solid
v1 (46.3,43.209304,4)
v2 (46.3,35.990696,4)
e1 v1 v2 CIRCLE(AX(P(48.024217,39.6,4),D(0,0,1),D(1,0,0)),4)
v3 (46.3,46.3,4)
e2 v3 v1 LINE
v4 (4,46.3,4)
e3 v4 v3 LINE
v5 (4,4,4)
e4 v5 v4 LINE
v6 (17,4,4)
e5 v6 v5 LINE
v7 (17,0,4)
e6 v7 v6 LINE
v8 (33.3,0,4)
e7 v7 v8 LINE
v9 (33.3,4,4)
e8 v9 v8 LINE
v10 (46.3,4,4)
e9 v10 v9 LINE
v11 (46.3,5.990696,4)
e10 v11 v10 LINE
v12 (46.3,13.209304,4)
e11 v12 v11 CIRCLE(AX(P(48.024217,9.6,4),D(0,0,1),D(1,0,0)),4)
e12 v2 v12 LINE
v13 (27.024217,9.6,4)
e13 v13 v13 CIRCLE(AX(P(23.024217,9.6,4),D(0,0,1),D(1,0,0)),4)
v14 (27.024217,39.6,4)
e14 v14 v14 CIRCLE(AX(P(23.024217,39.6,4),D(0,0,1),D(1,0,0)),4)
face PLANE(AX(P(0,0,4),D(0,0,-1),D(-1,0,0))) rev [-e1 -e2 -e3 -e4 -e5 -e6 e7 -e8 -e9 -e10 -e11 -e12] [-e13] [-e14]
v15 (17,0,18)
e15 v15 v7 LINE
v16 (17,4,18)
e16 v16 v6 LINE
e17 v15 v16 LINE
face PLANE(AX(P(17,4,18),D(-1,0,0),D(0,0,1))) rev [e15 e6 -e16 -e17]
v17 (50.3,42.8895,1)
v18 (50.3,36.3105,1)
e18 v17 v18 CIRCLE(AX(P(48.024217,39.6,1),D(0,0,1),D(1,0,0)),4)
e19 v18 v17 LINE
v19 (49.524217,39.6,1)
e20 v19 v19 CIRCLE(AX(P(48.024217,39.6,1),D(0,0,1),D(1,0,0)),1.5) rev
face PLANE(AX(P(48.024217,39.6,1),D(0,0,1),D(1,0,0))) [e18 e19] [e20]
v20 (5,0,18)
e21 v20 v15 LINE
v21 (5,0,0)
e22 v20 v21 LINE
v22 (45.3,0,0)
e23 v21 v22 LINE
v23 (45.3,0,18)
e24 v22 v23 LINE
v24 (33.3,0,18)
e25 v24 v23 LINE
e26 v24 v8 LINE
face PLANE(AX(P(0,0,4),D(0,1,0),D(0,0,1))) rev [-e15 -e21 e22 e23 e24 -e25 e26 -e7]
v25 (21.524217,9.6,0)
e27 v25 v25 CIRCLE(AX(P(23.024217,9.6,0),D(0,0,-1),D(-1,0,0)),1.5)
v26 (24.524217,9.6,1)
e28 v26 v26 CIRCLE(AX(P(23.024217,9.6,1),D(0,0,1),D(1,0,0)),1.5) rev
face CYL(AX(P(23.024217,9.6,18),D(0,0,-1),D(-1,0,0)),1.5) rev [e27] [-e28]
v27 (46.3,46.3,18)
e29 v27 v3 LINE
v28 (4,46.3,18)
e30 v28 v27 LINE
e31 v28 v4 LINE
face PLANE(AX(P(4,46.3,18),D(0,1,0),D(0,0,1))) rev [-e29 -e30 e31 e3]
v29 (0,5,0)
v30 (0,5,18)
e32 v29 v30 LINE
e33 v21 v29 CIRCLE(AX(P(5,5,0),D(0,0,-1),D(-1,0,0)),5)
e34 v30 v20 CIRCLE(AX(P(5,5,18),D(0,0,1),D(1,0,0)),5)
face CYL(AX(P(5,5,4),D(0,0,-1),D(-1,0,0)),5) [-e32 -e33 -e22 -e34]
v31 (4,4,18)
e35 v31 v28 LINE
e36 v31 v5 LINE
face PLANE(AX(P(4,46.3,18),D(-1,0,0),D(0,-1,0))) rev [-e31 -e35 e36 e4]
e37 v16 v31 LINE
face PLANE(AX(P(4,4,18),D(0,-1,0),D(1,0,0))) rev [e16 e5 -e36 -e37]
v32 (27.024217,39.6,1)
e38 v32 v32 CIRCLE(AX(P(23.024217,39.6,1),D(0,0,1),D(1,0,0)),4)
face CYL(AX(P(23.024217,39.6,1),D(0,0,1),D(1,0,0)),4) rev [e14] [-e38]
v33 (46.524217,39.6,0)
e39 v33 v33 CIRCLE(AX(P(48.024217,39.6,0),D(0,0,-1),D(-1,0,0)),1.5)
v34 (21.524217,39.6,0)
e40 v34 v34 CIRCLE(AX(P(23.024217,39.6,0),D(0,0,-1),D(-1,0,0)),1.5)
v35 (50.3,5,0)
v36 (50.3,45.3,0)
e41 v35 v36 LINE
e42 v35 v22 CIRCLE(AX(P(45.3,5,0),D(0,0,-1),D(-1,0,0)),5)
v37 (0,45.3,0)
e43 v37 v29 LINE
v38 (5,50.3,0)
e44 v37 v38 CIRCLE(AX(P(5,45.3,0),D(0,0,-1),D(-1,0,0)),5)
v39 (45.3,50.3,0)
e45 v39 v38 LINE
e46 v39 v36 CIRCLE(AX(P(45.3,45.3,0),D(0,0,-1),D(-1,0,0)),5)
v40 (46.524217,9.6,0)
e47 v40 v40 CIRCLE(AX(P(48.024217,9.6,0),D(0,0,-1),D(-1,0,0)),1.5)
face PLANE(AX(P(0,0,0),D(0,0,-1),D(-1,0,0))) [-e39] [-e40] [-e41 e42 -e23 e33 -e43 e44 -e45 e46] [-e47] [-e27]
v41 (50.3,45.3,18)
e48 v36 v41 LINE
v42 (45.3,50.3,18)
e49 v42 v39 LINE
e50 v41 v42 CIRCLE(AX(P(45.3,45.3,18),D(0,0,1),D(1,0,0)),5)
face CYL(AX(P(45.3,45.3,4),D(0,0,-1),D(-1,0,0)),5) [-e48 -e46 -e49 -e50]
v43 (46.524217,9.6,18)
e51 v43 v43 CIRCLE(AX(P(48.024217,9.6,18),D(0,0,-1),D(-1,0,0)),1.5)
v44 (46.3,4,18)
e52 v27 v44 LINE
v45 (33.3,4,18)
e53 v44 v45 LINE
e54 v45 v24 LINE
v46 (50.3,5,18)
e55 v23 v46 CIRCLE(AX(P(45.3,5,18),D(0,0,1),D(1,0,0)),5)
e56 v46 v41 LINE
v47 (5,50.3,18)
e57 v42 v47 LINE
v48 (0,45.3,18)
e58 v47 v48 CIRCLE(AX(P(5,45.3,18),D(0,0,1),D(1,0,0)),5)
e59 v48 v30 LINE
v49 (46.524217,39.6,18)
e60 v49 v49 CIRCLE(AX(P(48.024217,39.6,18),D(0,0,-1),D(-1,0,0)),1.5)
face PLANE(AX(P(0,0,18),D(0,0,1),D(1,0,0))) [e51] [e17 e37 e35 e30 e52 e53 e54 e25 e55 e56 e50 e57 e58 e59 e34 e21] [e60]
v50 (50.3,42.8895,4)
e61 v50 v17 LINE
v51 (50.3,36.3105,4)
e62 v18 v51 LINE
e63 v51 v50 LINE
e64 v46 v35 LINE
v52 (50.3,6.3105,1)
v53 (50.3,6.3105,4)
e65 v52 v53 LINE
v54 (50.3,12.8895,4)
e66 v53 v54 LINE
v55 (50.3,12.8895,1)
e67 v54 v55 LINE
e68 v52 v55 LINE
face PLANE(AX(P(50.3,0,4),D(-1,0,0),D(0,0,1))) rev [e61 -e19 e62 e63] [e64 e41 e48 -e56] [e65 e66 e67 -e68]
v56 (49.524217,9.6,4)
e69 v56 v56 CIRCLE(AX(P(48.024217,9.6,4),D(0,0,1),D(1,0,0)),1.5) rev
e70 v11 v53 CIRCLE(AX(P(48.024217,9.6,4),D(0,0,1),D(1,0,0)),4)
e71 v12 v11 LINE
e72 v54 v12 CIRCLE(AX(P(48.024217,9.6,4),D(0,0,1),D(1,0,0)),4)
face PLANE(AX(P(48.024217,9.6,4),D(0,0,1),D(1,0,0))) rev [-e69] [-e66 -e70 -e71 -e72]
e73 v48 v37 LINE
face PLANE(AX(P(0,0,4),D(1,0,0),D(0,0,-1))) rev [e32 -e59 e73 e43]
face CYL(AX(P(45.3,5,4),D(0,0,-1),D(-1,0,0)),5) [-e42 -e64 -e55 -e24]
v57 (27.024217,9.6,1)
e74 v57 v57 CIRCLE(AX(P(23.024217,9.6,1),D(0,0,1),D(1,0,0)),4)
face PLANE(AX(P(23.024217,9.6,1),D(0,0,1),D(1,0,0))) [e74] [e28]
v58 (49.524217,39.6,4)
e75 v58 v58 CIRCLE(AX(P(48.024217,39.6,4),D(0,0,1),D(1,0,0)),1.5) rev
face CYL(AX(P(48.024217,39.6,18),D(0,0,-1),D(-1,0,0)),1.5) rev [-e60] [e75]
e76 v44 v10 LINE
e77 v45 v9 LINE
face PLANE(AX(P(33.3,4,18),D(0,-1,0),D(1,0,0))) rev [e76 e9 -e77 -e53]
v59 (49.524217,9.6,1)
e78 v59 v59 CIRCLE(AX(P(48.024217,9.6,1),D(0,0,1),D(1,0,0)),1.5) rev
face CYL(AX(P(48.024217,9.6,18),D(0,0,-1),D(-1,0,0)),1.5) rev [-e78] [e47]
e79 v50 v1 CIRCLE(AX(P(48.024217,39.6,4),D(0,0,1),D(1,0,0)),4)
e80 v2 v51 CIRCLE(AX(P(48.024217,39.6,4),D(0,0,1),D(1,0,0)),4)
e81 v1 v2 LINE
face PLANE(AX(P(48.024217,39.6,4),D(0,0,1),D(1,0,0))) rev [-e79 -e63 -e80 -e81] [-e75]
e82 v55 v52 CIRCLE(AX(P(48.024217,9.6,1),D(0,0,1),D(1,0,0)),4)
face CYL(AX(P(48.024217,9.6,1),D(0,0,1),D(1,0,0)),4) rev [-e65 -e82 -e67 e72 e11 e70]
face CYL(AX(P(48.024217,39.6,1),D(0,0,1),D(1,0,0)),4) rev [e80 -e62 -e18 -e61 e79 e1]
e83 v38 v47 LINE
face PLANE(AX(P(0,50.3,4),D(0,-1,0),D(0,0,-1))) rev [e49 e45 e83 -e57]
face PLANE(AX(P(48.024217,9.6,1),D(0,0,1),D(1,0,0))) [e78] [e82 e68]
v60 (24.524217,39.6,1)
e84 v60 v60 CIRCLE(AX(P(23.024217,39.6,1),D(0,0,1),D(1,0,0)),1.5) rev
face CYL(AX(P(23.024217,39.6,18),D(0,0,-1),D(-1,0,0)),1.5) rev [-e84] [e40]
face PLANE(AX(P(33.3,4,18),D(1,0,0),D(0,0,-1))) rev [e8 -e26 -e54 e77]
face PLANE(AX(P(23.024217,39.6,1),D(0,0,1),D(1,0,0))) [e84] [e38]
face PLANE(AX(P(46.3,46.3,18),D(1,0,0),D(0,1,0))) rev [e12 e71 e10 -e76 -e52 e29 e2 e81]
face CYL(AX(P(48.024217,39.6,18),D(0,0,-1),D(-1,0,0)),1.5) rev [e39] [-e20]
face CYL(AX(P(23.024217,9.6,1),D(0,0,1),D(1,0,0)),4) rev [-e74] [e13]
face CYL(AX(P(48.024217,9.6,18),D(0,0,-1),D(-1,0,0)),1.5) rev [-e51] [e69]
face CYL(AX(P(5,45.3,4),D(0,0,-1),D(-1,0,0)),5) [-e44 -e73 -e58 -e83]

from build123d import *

# Parameters (mm, degrees)
ESQUISSE1_W             = 50.3
ESQUISSE1_H             = 50.3
BOSS_EXTRU_1_DEPTH      = 4
BOSS_EXTRU_2_DEPTH      = 14
ESQUISSE3_R             = 1.5
ENL_V_MAT_EXTRU_1_DEPTH = 74.376971864
CONG_2_R                = 5
ESQUISSE4_R             = 4
ENL_V_MAT_EXTRU_2_DEPTH = 3
CONG_6_R                = 5


with BuildPart() as part:
    # Esquisse1 → Boss.-Extru.1 (new body)
    with BuildSketch(Plane.XY):
        with Locations((25.15, 25.15)):
            Rectangle(ESQUISSE1_W, ESQUISSE1_H)
    extrude(amount=BOSS_EXTRU_1_DEPTH)

    # Esquisse2 → Boss.-Extru.2 (add)
    with BuildSketch(Plane.XY.offset(4)):
        Polygon((4, 46.3), (46.3, 46.3), (46.3, 4), (33.3, 4), (33.3, 0), (50.3, 0), (50.3, 50.3), (0, 50.3), (0, 0), (17, 0), (17, 4), (4, 4), align=None)
    extrude(amount=BOSS_EXTRU_2_DEPTH)

    # Esquisse3 → Enlèv. mat.-Extru.1 (cut, through all)
    with BuildSketch(Plane(origin=(0, 0, 0), x_dir=(-1, 0, 0), z_dir=(0, 0, -1))):
        with Locations((-23.024217253, 39.6)):
            Circle(ESQUISSE3_R)
        with Locations((-48.024217253, 39.6)):
            Circle(ESQUISSE3_R)
        with Locations((-48.024217253, 9.6)):
            Circle(ESQUISSE3_R)
        with Locations((-23.024217253, 9.6)):
            Circle(ESQUISSE3_R)
    extrude(amount=-ENL_V_MAT_EXTRU_1_DEPTH, mode=Mode.SUBTRACT)

    # Congé2
    cong_2_edges = [part.edges().sort_by_distance(p)[0] for p in [
        (0, 50.3, 9),
    ]]
    fillet(cong_2_edges, radius=CONG_2_R)

    # Esquisse4 → Enlèv. mat.-Extru.2 (cut)
    with BuildSketch(Plane.XY.offset(4)):
        with Locations((23.024217253, 39.6)):
            Circle(ESQUISSE4_R)
        with Locations((23.024217253, 9.6)):
            Circle(ESQUISSE4_R)
        with Locations((48.024217253, 39.6)):
            Circle(ESQUISSE4_R)
        with Locations((48.024217253, 9.6)):
            Circle(ESQUISSE4_R)
    extrude(amount=-ENL_V_MAT_EXTRU_2_DEPTH, mode=Mode.SUBTRACT)

    # Congé6
    cong_6_edges = [part.edges().sort_by_distance(p)[0] for p in [
        (50.3, 50.3, 9),
        (50.3, 0, 9),
        (0, 0, 9),
    ]]
    fillet(cong_6_edges, radius=CONG_6_R)


solid = part.part
